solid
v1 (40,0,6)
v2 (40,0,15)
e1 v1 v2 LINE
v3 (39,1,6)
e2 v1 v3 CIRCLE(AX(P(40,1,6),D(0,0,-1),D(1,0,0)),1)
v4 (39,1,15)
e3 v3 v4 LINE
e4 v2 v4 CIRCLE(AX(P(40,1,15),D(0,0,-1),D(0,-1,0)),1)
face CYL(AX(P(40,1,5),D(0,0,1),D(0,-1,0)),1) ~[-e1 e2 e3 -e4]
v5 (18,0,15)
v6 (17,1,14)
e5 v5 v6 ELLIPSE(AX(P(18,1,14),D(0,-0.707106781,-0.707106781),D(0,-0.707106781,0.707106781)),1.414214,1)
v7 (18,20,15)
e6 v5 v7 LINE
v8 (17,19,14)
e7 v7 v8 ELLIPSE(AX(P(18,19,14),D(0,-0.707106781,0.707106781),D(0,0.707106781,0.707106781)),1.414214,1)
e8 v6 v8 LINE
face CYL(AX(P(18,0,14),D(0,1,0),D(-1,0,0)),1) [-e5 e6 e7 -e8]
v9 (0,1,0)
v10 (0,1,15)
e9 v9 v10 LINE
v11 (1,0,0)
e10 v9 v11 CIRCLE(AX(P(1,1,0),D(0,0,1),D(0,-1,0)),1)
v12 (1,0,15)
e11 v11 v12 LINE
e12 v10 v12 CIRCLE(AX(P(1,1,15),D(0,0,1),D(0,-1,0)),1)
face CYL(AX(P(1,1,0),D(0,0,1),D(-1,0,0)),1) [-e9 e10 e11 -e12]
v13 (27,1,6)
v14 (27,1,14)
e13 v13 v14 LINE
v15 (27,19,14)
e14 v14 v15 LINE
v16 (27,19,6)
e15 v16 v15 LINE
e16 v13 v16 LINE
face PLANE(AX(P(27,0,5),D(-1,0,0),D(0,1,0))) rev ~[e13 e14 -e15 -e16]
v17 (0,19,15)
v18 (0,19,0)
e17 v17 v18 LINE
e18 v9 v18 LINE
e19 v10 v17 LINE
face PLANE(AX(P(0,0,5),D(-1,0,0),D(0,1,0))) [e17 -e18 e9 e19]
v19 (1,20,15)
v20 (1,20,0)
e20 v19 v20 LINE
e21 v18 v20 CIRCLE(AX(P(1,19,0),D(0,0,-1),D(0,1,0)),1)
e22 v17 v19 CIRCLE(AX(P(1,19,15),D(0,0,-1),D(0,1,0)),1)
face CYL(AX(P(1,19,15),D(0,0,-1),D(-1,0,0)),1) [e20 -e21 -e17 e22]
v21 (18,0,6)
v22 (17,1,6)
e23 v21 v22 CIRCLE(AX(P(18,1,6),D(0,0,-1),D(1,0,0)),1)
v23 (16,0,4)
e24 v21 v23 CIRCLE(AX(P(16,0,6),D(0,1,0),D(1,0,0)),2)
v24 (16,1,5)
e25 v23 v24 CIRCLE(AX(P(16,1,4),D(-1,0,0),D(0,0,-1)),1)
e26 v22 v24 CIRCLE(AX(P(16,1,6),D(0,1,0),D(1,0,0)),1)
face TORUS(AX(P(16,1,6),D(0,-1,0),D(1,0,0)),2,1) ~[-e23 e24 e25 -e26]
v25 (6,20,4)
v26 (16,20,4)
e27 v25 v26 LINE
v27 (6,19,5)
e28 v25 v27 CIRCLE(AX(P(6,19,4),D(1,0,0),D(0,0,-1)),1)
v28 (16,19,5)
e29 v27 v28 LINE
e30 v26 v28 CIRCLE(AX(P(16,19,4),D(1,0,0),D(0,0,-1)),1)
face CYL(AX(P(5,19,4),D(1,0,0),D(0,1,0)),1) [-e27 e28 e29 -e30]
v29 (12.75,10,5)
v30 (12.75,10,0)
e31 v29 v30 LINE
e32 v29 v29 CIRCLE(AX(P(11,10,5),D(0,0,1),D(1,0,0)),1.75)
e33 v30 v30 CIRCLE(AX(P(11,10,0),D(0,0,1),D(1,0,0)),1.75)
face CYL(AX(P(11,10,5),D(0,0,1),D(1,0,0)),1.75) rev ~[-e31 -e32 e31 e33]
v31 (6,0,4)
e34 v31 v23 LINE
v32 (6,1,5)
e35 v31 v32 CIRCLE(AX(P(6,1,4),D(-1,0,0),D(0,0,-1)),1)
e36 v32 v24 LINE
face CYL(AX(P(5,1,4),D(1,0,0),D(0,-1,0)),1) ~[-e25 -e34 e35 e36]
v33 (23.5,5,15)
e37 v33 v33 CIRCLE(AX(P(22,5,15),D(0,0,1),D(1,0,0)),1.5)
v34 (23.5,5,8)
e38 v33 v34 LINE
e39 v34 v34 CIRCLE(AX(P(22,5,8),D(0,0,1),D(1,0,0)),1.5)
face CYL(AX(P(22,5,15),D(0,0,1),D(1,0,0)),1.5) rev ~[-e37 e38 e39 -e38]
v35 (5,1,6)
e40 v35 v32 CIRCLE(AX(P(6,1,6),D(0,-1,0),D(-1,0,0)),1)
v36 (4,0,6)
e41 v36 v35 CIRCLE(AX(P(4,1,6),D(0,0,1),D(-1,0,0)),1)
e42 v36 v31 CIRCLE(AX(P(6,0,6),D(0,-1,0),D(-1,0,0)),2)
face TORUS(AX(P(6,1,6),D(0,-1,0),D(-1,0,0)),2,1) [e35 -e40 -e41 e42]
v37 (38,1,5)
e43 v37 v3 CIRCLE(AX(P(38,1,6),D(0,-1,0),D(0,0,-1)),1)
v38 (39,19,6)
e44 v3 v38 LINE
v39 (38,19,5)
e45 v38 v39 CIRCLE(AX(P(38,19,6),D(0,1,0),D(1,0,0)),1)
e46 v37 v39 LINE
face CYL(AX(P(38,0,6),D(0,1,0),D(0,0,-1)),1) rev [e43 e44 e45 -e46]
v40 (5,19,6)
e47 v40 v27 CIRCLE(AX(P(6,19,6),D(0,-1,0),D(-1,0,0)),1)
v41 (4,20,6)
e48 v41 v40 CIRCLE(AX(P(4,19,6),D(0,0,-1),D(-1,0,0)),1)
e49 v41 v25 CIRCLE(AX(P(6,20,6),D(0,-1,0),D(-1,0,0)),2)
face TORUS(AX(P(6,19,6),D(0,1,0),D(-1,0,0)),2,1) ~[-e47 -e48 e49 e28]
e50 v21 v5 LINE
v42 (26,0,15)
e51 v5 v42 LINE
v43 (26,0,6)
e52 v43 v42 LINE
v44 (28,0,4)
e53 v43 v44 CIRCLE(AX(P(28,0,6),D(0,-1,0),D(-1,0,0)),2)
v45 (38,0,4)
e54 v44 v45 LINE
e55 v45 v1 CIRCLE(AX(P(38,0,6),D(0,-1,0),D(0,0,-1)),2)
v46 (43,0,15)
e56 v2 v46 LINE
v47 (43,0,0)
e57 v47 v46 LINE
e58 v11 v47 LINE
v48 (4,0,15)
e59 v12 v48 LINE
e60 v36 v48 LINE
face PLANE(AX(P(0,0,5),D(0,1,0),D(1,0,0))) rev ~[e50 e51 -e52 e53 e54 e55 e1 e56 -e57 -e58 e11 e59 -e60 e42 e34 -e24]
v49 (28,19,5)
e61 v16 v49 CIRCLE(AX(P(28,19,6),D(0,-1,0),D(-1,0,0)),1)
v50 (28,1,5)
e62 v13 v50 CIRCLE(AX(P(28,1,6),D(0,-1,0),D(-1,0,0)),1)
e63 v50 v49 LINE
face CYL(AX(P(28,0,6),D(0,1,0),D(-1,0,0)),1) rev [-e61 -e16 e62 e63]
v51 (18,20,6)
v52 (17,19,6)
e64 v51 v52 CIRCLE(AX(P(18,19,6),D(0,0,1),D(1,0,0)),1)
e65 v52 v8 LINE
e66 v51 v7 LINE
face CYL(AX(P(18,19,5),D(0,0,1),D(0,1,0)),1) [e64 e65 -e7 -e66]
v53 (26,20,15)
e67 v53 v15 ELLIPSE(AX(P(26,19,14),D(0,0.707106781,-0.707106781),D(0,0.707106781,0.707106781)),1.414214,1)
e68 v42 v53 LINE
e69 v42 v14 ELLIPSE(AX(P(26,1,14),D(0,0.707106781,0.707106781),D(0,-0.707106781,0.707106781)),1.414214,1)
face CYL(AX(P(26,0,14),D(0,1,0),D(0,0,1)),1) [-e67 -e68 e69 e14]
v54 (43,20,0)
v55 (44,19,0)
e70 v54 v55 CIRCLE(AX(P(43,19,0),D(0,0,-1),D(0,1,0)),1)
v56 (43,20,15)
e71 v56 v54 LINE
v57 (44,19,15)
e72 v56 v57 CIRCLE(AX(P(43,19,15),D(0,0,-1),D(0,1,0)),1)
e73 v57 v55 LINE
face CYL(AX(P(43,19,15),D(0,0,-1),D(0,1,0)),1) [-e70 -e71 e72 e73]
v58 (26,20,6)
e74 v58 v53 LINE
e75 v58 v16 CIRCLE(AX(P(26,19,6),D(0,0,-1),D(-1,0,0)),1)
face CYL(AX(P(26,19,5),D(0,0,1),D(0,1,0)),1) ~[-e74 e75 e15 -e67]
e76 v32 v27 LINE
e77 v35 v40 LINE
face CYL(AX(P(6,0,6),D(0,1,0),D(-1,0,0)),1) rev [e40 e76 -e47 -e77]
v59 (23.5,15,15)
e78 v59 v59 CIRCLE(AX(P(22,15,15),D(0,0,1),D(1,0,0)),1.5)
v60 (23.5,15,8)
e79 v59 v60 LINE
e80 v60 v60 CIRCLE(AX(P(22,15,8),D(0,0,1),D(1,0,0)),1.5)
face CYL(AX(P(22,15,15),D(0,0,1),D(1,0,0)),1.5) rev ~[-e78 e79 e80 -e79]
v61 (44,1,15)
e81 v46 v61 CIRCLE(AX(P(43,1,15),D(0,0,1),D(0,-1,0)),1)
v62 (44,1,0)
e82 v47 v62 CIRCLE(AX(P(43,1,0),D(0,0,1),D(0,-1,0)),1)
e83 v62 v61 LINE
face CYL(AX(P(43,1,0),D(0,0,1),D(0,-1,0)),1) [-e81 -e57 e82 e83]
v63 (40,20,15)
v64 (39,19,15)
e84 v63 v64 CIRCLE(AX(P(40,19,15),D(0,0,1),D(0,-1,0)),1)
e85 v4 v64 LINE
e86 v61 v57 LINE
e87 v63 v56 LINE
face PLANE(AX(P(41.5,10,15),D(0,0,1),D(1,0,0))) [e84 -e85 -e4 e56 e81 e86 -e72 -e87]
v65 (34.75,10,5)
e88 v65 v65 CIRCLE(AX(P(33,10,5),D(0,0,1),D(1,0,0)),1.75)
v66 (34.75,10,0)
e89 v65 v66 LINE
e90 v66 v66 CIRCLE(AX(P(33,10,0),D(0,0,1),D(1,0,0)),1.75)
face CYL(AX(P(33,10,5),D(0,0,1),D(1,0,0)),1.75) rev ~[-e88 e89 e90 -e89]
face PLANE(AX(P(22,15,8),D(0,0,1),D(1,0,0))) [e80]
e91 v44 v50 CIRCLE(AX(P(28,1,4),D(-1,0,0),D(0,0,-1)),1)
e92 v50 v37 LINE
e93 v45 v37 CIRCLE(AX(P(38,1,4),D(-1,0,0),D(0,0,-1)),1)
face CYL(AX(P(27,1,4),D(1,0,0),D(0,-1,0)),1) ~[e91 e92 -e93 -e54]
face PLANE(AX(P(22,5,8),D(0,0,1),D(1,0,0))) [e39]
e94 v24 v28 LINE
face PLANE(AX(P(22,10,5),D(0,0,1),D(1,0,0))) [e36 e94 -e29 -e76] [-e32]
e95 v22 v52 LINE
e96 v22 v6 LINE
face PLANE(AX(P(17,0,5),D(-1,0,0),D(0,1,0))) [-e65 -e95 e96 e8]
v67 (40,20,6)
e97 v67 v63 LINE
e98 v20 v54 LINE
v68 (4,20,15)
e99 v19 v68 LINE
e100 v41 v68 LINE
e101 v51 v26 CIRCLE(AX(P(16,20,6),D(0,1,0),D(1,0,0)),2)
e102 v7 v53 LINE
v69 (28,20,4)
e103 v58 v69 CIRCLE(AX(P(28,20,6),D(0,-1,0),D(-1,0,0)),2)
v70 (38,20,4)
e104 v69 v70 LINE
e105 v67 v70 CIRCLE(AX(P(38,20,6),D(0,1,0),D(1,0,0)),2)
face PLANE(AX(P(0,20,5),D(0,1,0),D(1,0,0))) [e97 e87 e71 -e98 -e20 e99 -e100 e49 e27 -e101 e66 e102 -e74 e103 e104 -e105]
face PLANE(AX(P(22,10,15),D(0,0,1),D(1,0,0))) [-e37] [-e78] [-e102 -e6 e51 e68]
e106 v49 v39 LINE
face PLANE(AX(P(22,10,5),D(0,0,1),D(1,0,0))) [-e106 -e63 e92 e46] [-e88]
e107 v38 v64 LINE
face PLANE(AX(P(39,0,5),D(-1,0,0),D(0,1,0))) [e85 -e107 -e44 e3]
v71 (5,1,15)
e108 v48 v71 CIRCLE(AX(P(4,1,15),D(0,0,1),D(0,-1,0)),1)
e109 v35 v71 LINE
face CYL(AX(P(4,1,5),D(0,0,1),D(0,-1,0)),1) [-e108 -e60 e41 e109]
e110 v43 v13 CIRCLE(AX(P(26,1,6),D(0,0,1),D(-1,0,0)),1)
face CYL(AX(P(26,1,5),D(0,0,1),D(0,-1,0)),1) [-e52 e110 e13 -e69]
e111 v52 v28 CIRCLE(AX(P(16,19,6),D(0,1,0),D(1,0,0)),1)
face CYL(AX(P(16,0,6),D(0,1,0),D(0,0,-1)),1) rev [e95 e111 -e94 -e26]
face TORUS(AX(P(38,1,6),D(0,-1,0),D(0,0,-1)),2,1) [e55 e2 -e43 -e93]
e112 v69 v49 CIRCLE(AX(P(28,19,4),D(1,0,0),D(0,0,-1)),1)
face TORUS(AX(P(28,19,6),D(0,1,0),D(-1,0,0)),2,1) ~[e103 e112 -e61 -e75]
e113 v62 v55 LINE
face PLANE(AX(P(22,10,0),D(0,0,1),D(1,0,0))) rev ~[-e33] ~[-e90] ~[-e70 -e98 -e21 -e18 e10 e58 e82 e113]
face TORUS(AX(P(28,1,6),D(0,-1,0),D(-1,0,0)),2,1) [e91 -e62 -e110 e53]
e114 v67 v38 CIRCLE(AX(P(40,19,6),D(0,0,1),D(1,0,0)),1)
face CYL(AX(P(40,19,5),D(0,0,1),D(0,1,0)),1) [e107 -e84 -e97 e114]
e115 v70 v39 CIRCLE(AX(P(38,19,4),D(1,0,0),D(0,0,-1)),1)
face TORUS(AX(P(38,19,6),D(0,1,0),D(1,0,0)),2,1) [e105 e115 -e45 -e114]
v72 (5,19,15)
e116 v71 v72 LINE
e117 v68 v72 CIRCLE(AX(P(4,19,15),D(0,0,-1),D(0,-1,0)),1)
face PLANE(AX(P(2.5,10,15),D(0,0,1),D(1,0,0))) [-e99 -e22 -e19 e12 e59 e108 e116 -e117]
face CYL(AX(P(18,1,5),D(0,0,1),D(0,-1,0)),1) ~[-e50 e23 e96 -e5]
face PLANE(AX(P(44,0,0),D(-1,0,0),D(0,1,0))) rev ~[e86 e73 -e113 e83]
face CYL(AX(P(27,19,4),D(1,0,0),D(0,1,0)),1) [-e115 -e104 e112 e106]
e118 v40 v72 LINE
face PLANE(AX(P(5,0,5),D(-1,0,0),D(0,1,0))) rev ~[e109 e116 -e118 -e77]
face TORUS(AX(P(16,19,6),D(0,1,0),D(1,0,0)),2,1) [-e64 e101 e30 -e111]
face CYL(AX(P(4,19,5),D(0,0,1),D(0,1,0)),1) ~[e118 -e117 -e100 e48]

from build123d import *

# Parameters (mm, degrees)
SKETCH1_W           = 44
SKETCH1_H           = 20
BOSS_EXTRUDE1_DEPTH = 5
SKETCH2_W           = 5
SKETCH2_H           = 20
SKETCH2_W_2         = 10
BOSS_EXTRUDE2_DEPTH = 10
CUT_EXTRUDE1_REACH  = 51.356
SKETCH4_R           = 1.75
SKETCH5_R           = 1.5
CUT_EXTRUDE2_DEPTH  = 7
FILLET1_R           = 1


with BuildPart() as part:
    # Sketch1 → Boss-Extrude1 (new body)
    with BuildSketch(Plane.XY):
        with Locations((22, 10)):
            Rectangle(SKETCH1_W, SKETCH1_H)
    extrude(amount=BOSS_EXTRUDE1_DEPTH)

    # Sketch2 → Boss-Extrude2 (add)
    with BuildSketch(Plane.XY.offset(5)):
        with Locations((2.5, 10)):
            Rectangle(SKETCH2_W, SKETCH2_H)
        with Locations((22, 10)):
            Rectangle(SKETCH2_W_2, SKETCH2_H)
        with Locations((41.5, 10)):
            Rectangle(SKETCH2_W, SKETCH2_H)
    extrude(amount=BOSS_EXTRUDE2_DEPTH)

    # Sketch4 → Cut-Extrude1 (cut, up to next)
    with BuildSketch(Plane.XY.offset(5), mode=Mode.PRIVATE) as cut_extrude1_sk1:
        with Locations((11, 10)):
            Circle(SKETCH4_R)
    cut_extrude1_tool1 = extrude(cut_extrude1_sk1.sketch, amount=-CUT_EXTRUDE1_REACH, mode=Mode.PRIVATE) & part.part
    # Sketch4 → Cut-Extrude1 (cut, up to next)
    with BuildSketch(Plane.XY.offset(5), mode=Mode.PRIVATE) as cut_extrude1_sk2:
        with Locations((33, 10)):
            Circle(SKETCH4_R)
    cut_extrude1_tool2 = extrude(cut_extrude1_sk2.sketch, amount=-CUT_EXTRUDE1_REACH, mode=Mode.PRIVATE) & part.part
    add(cut_extrude1_tool1.solids().sort_by_distance((11, 10, 5))[0], mode=Mode.SUBTRACT)
    add(cut_extrude1_tool2.solids().sort_by_distance((33, 10, 5))[0], mode=Mode.SUBTRACT)

    # Sketch5 → Cut-Extrude2 (cut)
    with BuildSketch(Plane.XY.offset(15)):
        with Locations((22, 15)):
            Circle(SKETCH5_R)
        with Locations((22, 5)):
            Circle(SKETCH5_R)
    extrude(amount=-CUT_EXTRUDE2_DEPTH, mode=Mode.SUBTRACT)

    # Fillet1
    fillet1_edges = [part.edges().sort_by_distance(p)[0] for p in [
        (11, 0, 5),
        (5, 10, 5),
        (5, 0, 10),
        (5, 20, 10),
        (33, 0, 5),
        (11, 20, 5),
        (17, 10, 5),
        (17, 20, 10),
        (17, 0, 10),
        (27, 10, 5),
        (27, 0, 10),
        (27, 20, 10),
        (17, 10, 15),
        (27, 10, 15),
        (33, 20, 5),
        (39, 0, 10),
        (39, 10, 5),
        (39, 20, 10),
        (0, 20, 7.5),
        (44, 20, 7.5),
        (44, 0, 7.5),
        (0, 0, 7.5),
    ]]
    fillet(fillet1_edges, radius=FILLET1_R)


solid = part.part
